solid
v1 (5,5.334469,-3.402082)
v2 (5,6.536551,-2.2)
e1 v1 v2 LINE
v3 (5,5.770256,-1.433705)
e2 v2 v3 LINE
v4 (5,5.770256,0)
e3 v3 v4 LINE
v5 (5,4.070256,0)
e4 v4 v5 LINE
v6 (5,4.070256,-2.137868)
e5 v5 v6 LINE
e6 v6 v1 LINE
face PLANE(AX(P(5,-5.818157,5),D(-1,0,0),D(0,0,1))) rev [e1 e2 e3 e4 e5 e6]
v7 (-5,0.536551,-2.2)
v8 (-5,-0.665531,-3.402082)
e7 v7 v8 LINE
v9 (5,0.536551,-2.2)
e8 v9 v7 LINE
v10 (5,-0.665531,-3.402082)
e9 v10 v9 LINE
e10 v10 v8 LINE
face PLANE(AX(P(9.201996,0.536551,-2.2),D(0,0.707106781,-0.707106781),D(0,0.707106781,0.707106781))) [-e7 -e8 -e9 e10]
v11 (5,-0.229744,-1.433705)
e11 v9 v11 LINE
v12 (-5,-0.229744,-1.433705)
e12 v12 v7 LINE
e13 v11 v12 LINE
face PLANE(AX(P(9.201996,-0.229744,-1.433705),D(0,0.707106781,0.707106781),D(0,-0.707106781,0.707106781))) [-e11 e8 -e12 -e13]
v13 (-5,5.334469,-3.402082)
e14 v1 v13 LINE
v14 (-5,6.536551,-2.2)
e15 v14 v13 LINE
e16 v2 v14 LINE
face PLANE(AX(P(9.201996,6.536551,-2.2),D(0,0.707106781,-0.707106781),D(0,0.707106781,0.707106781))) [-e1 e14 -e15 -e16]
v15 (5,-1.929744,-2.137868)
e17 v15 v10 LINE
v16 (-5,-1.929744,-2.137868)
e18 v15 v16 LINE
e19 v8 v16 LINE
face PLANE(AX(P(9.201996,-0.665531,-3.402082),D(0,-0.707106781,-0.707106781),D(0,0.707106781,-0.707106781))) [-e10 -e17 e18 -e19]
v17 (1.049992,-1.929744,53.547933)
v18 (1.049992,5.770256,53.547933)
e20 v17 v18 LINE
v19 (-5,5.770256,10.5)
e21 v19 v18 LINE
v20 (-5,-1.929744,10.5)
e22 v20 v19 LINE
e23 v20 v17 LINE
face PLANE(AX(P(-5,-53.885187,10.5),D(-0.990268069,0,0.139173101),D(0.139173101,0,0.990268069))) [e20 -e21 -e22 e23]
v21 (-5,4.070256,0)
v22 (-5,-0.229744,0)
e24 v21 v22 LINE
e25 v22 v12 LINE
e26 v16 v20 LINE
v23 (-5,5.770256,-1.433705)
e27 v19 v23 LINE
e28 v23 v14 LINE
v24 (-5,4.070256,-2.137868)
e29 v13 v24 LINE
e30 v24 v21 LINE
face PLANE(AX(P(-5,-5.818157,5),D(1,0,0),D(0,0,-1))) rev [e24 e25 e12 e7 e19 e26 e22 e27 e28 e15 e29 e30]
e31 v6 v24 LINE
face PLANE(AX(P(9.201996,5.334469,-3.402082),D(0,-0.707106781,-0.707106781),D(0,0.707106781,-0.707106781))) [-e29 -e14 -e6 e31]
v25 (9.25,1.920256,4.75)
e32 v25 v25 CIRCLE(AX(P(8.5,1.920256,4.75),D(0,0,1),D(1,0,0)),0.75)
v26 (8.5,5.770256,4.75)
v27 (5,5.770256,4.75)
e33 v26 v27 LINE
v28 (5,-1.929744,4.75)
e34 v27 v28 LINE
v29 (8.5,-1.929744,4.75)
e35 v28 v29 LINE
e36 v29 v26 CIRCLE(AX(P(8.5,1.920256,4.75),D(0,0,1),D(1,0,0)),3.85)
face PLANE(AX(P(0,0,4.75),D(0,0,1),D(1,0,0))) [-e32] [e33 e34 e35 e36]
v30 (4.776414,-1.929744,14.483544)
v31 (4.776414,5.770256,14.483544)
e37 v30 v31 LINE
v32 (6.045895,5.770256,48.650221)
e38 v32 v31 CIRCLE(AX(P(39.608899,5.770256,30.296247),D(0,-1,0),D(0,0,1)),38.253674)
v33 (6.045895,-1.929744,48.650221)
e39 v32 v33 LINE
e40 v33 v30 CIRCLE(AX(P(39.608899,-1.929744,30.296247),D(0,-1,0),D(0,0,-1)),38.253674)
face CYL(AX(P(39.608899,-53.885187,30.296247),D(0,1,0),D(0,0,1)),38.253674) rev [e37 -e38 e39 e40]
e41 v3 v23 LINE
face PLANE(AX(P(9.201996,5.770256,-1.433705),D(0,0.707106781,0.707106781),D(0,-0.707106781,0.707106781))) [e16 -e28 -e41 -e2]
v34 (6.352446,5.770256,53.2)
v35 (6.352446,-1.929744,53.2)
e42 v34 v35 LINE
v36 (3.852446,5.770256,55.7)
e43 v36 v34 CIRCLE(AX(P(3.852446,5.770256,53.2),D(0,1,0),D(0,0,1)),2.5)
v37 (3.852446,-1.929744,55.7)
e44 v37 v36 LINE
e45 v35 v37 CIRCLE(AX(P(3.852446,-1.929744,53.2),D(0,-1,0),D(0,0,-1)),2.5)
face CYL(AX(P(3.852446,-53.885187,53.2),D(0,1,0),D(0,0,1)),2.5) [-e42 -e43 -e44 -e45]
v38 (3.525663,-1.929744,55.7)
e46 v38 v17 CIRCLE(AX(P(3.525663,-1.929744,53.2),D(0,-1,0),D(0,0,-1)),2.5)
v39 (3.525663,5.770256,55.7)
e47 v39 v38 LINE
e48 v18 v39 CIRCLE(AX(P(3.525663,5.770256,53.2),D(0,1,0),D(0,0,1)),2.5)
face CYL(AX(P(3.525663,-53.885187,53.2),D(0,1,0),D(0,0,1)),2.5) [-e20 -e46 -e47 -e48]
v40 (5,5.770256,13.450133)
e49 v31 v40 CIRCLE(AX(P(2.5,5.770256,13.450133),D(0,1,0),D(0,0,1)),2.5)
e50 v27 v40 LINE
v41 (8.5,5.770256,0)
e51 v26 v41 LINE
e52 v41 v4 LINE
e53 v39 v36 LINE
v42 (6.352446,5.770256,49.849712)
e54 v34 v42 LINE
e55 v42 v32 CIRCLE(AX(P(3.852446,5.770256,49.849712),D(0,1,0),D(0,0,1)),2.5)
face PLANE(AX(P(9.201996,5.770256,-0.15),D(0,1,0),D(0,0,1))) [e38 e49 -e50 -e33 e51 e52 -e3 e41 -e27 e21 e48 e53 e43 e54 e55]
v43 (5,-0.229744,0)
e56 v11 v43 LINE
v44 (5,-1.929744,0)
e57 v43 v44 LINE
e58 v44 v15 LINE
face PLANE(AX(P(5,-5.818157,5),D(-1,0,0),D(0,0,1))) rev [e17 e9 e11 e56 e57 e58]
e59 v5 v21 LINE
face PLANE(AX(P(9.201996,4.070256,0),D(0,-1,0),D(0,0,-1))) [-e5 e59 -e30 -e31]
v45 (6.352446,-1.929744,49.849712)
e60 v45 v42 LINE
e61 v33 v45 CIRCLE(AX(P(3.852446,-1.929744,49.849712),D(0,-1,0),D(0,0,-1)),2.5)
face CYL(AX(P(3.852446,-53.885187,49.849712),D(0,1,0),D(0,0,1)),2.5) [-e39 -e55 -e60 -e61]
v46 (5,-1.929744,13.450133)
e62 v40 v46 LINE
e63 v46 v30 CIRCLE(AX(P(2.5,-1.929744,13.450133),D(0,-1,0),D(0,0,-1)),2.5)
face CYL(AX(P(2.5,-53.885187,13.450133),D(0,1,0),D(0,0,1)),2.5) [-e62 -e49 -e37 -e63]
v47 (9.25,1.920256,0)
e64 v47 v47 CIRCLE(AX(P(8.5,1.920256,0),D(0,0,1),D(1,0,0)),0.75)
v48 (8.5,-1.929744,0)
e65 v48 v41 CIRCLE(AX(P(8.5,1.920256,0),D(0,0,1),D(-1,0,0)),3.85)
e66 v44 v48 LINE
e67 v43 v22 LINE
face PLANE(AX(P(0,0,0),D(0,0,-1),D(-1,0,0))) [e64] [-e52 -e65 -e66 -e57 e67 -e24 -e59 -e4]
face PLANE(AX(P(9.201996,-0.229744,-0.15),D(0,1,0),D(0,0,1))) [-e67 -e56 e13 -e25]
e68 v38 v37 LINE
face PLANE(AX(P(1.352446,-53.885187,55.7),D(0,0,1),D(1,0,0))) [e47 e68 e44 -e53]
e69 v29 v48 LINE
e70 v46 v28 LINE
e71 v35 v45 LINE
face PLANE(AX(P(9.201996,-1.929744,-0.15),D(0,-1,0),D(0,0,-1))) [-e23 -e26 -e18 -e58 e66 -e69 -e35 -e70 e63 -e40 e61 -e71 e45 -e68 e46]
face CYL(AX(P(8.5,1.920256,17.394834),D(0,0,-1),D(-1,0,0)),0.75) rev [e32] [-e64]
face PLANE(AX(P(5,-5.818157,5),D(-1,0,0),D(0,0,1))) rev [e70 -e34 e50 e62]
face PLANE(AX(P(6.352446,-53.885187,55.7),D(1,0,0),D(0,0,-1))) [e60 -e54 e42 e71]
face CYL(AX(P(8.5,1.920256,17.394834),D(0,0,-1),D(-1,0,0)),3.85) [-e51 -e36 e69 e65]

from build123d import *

# Parameters (mm, degrees)
SKETCH2_W           = 10
SKETCH2_H           = 14.768412439
BOSS_EXTRUDE1_DEPTH = 5
BOSS_EXTRUDE4_DEPTH = 10
SKETCH9_W           = 10
SKETCH9_H           = 3.18
SKETCH9_H_2         = 3.888412439
CUT_EXTRUDE3_DEPTH  = 5
BOSS_EXTRUDE5_DEPTH = 7.7
SKETCH12_R          = 0.75
BOSS_EXTRUDE7_DEPTH = 4.75
FILLET1_R           = 2.5


with BuildPart() as part:
    # Sketch2 → Boss-Extrude1 (new body)
    with BuildSketch(Plane.XY):
        with Locations((0, 1.566049366)):
            Rectangle(SKETCH2_W, SKETCH2_H)
    extrude(amount=BOSS_EXTRUDE1_DEPTH)

    # Sketch8 → Boss-Extrude4 (add)
    with BuildSketch(Plane.ZY.offset(5)):
        Polygon((-0.15, 5.770255585), (0, 5.770255585), (0, 4.070255585), (-0.15, 4.070255585), (-2.137867966, 4.070255585), (-3.402081528, 5.334469147), (-2.2, 6.536550675), (-1.43370491, 5.770255585), align=None)
        Polygon((-0.15, -1.929744415), (0, -1.929744415), (0, -0.229744415), (-0.15, -0.229744415), (-1.43370491, -0.229744415), (-2.2, 0.536550675), (-3.402081528, -0.665530853), (-2.137867966, -1.929744415), align=None)
    extrude(amount=-BOSS_EXTRUDE4_DEPTH)

    # Sketch9 → Cut-Extrude3 (cut)
    with BuildSketch(Plane(origin=(0, 0, 0), x_dir=(-1, 0, 0), z_dir=(0, 0, -1))):
        with Locations((0, 7.360255585)):
            Rectangle(SKETCH9_W, SKETCH9_H)
        with Locations((0, -3.873950635)):
            Rectangle(SKETCH9_W, SKETCH9_H_2)
    extrude(amount=-CUT_EXTRUDE3_DEPTH, mode=Mode.SUBTRACT)

    # Sketch10 → Boss-Extrude5 (add)
    with BuildSketch(Plane(origin=(0, 5.770255585, 0), x_dir=(1, 0, 0), z_dir=(0, 1, 0))):
        with BuildLine():
            Line((-5, -5), (-5, -10.5))
            Line((-5, -10.5), (1.352445729, -55.7))
            Line((1.352445729, -55.7), (6.352445729, -55.7))
            Line((6.352445729, -55.7), (6.352445729, -49.2))
            ThreePointArc((6.352445729, -49.2), (1.383429579, -31.764936646), (5, -14))
            Line((5, -14), (5, -5))
            Line((5, -5), (-5, -5))
        make_face()
    extrude(amount=-BOSS_EXTRUDE5_DEPTH)

    # Sketch12 → Boss-Extrude7 (add)
    with BuildSketch(Plane.XY):
        with BuildLine():
            Line((5, 5.770255585), (8.5, 5.770255585))
            ThreePointArc((8.5, 5.770255585), (12.35, 1.920255585), (8.5, -1.929744415))
            Line((8.5, -1.929744415), (5, -1.929744415))
            Line((5, -1.929744415), (5, 5.770255585))
        make_face()
        with Locations((8.5, 1.920255585)):
            Circle(SKETCH12_R, mode=Mode.SUBTRACT)
    extrude(amount=BOSS_EXTRUDE7_DEPTH)

    # Fillet1
    fillet1_edges = [part.edges().sort_by_distance(p)[0] for p in [
        (6.352445729, 1.920255585, 49.2),
        (5, 1.920255585, 14),
        (1.352445729, 1.920255585, 55.7),
        (6.352445729, 1.920255585, 55.7),
    ]]
    fillet(fillet1_edges, radius=FILLET1_R)


solid = part.part
